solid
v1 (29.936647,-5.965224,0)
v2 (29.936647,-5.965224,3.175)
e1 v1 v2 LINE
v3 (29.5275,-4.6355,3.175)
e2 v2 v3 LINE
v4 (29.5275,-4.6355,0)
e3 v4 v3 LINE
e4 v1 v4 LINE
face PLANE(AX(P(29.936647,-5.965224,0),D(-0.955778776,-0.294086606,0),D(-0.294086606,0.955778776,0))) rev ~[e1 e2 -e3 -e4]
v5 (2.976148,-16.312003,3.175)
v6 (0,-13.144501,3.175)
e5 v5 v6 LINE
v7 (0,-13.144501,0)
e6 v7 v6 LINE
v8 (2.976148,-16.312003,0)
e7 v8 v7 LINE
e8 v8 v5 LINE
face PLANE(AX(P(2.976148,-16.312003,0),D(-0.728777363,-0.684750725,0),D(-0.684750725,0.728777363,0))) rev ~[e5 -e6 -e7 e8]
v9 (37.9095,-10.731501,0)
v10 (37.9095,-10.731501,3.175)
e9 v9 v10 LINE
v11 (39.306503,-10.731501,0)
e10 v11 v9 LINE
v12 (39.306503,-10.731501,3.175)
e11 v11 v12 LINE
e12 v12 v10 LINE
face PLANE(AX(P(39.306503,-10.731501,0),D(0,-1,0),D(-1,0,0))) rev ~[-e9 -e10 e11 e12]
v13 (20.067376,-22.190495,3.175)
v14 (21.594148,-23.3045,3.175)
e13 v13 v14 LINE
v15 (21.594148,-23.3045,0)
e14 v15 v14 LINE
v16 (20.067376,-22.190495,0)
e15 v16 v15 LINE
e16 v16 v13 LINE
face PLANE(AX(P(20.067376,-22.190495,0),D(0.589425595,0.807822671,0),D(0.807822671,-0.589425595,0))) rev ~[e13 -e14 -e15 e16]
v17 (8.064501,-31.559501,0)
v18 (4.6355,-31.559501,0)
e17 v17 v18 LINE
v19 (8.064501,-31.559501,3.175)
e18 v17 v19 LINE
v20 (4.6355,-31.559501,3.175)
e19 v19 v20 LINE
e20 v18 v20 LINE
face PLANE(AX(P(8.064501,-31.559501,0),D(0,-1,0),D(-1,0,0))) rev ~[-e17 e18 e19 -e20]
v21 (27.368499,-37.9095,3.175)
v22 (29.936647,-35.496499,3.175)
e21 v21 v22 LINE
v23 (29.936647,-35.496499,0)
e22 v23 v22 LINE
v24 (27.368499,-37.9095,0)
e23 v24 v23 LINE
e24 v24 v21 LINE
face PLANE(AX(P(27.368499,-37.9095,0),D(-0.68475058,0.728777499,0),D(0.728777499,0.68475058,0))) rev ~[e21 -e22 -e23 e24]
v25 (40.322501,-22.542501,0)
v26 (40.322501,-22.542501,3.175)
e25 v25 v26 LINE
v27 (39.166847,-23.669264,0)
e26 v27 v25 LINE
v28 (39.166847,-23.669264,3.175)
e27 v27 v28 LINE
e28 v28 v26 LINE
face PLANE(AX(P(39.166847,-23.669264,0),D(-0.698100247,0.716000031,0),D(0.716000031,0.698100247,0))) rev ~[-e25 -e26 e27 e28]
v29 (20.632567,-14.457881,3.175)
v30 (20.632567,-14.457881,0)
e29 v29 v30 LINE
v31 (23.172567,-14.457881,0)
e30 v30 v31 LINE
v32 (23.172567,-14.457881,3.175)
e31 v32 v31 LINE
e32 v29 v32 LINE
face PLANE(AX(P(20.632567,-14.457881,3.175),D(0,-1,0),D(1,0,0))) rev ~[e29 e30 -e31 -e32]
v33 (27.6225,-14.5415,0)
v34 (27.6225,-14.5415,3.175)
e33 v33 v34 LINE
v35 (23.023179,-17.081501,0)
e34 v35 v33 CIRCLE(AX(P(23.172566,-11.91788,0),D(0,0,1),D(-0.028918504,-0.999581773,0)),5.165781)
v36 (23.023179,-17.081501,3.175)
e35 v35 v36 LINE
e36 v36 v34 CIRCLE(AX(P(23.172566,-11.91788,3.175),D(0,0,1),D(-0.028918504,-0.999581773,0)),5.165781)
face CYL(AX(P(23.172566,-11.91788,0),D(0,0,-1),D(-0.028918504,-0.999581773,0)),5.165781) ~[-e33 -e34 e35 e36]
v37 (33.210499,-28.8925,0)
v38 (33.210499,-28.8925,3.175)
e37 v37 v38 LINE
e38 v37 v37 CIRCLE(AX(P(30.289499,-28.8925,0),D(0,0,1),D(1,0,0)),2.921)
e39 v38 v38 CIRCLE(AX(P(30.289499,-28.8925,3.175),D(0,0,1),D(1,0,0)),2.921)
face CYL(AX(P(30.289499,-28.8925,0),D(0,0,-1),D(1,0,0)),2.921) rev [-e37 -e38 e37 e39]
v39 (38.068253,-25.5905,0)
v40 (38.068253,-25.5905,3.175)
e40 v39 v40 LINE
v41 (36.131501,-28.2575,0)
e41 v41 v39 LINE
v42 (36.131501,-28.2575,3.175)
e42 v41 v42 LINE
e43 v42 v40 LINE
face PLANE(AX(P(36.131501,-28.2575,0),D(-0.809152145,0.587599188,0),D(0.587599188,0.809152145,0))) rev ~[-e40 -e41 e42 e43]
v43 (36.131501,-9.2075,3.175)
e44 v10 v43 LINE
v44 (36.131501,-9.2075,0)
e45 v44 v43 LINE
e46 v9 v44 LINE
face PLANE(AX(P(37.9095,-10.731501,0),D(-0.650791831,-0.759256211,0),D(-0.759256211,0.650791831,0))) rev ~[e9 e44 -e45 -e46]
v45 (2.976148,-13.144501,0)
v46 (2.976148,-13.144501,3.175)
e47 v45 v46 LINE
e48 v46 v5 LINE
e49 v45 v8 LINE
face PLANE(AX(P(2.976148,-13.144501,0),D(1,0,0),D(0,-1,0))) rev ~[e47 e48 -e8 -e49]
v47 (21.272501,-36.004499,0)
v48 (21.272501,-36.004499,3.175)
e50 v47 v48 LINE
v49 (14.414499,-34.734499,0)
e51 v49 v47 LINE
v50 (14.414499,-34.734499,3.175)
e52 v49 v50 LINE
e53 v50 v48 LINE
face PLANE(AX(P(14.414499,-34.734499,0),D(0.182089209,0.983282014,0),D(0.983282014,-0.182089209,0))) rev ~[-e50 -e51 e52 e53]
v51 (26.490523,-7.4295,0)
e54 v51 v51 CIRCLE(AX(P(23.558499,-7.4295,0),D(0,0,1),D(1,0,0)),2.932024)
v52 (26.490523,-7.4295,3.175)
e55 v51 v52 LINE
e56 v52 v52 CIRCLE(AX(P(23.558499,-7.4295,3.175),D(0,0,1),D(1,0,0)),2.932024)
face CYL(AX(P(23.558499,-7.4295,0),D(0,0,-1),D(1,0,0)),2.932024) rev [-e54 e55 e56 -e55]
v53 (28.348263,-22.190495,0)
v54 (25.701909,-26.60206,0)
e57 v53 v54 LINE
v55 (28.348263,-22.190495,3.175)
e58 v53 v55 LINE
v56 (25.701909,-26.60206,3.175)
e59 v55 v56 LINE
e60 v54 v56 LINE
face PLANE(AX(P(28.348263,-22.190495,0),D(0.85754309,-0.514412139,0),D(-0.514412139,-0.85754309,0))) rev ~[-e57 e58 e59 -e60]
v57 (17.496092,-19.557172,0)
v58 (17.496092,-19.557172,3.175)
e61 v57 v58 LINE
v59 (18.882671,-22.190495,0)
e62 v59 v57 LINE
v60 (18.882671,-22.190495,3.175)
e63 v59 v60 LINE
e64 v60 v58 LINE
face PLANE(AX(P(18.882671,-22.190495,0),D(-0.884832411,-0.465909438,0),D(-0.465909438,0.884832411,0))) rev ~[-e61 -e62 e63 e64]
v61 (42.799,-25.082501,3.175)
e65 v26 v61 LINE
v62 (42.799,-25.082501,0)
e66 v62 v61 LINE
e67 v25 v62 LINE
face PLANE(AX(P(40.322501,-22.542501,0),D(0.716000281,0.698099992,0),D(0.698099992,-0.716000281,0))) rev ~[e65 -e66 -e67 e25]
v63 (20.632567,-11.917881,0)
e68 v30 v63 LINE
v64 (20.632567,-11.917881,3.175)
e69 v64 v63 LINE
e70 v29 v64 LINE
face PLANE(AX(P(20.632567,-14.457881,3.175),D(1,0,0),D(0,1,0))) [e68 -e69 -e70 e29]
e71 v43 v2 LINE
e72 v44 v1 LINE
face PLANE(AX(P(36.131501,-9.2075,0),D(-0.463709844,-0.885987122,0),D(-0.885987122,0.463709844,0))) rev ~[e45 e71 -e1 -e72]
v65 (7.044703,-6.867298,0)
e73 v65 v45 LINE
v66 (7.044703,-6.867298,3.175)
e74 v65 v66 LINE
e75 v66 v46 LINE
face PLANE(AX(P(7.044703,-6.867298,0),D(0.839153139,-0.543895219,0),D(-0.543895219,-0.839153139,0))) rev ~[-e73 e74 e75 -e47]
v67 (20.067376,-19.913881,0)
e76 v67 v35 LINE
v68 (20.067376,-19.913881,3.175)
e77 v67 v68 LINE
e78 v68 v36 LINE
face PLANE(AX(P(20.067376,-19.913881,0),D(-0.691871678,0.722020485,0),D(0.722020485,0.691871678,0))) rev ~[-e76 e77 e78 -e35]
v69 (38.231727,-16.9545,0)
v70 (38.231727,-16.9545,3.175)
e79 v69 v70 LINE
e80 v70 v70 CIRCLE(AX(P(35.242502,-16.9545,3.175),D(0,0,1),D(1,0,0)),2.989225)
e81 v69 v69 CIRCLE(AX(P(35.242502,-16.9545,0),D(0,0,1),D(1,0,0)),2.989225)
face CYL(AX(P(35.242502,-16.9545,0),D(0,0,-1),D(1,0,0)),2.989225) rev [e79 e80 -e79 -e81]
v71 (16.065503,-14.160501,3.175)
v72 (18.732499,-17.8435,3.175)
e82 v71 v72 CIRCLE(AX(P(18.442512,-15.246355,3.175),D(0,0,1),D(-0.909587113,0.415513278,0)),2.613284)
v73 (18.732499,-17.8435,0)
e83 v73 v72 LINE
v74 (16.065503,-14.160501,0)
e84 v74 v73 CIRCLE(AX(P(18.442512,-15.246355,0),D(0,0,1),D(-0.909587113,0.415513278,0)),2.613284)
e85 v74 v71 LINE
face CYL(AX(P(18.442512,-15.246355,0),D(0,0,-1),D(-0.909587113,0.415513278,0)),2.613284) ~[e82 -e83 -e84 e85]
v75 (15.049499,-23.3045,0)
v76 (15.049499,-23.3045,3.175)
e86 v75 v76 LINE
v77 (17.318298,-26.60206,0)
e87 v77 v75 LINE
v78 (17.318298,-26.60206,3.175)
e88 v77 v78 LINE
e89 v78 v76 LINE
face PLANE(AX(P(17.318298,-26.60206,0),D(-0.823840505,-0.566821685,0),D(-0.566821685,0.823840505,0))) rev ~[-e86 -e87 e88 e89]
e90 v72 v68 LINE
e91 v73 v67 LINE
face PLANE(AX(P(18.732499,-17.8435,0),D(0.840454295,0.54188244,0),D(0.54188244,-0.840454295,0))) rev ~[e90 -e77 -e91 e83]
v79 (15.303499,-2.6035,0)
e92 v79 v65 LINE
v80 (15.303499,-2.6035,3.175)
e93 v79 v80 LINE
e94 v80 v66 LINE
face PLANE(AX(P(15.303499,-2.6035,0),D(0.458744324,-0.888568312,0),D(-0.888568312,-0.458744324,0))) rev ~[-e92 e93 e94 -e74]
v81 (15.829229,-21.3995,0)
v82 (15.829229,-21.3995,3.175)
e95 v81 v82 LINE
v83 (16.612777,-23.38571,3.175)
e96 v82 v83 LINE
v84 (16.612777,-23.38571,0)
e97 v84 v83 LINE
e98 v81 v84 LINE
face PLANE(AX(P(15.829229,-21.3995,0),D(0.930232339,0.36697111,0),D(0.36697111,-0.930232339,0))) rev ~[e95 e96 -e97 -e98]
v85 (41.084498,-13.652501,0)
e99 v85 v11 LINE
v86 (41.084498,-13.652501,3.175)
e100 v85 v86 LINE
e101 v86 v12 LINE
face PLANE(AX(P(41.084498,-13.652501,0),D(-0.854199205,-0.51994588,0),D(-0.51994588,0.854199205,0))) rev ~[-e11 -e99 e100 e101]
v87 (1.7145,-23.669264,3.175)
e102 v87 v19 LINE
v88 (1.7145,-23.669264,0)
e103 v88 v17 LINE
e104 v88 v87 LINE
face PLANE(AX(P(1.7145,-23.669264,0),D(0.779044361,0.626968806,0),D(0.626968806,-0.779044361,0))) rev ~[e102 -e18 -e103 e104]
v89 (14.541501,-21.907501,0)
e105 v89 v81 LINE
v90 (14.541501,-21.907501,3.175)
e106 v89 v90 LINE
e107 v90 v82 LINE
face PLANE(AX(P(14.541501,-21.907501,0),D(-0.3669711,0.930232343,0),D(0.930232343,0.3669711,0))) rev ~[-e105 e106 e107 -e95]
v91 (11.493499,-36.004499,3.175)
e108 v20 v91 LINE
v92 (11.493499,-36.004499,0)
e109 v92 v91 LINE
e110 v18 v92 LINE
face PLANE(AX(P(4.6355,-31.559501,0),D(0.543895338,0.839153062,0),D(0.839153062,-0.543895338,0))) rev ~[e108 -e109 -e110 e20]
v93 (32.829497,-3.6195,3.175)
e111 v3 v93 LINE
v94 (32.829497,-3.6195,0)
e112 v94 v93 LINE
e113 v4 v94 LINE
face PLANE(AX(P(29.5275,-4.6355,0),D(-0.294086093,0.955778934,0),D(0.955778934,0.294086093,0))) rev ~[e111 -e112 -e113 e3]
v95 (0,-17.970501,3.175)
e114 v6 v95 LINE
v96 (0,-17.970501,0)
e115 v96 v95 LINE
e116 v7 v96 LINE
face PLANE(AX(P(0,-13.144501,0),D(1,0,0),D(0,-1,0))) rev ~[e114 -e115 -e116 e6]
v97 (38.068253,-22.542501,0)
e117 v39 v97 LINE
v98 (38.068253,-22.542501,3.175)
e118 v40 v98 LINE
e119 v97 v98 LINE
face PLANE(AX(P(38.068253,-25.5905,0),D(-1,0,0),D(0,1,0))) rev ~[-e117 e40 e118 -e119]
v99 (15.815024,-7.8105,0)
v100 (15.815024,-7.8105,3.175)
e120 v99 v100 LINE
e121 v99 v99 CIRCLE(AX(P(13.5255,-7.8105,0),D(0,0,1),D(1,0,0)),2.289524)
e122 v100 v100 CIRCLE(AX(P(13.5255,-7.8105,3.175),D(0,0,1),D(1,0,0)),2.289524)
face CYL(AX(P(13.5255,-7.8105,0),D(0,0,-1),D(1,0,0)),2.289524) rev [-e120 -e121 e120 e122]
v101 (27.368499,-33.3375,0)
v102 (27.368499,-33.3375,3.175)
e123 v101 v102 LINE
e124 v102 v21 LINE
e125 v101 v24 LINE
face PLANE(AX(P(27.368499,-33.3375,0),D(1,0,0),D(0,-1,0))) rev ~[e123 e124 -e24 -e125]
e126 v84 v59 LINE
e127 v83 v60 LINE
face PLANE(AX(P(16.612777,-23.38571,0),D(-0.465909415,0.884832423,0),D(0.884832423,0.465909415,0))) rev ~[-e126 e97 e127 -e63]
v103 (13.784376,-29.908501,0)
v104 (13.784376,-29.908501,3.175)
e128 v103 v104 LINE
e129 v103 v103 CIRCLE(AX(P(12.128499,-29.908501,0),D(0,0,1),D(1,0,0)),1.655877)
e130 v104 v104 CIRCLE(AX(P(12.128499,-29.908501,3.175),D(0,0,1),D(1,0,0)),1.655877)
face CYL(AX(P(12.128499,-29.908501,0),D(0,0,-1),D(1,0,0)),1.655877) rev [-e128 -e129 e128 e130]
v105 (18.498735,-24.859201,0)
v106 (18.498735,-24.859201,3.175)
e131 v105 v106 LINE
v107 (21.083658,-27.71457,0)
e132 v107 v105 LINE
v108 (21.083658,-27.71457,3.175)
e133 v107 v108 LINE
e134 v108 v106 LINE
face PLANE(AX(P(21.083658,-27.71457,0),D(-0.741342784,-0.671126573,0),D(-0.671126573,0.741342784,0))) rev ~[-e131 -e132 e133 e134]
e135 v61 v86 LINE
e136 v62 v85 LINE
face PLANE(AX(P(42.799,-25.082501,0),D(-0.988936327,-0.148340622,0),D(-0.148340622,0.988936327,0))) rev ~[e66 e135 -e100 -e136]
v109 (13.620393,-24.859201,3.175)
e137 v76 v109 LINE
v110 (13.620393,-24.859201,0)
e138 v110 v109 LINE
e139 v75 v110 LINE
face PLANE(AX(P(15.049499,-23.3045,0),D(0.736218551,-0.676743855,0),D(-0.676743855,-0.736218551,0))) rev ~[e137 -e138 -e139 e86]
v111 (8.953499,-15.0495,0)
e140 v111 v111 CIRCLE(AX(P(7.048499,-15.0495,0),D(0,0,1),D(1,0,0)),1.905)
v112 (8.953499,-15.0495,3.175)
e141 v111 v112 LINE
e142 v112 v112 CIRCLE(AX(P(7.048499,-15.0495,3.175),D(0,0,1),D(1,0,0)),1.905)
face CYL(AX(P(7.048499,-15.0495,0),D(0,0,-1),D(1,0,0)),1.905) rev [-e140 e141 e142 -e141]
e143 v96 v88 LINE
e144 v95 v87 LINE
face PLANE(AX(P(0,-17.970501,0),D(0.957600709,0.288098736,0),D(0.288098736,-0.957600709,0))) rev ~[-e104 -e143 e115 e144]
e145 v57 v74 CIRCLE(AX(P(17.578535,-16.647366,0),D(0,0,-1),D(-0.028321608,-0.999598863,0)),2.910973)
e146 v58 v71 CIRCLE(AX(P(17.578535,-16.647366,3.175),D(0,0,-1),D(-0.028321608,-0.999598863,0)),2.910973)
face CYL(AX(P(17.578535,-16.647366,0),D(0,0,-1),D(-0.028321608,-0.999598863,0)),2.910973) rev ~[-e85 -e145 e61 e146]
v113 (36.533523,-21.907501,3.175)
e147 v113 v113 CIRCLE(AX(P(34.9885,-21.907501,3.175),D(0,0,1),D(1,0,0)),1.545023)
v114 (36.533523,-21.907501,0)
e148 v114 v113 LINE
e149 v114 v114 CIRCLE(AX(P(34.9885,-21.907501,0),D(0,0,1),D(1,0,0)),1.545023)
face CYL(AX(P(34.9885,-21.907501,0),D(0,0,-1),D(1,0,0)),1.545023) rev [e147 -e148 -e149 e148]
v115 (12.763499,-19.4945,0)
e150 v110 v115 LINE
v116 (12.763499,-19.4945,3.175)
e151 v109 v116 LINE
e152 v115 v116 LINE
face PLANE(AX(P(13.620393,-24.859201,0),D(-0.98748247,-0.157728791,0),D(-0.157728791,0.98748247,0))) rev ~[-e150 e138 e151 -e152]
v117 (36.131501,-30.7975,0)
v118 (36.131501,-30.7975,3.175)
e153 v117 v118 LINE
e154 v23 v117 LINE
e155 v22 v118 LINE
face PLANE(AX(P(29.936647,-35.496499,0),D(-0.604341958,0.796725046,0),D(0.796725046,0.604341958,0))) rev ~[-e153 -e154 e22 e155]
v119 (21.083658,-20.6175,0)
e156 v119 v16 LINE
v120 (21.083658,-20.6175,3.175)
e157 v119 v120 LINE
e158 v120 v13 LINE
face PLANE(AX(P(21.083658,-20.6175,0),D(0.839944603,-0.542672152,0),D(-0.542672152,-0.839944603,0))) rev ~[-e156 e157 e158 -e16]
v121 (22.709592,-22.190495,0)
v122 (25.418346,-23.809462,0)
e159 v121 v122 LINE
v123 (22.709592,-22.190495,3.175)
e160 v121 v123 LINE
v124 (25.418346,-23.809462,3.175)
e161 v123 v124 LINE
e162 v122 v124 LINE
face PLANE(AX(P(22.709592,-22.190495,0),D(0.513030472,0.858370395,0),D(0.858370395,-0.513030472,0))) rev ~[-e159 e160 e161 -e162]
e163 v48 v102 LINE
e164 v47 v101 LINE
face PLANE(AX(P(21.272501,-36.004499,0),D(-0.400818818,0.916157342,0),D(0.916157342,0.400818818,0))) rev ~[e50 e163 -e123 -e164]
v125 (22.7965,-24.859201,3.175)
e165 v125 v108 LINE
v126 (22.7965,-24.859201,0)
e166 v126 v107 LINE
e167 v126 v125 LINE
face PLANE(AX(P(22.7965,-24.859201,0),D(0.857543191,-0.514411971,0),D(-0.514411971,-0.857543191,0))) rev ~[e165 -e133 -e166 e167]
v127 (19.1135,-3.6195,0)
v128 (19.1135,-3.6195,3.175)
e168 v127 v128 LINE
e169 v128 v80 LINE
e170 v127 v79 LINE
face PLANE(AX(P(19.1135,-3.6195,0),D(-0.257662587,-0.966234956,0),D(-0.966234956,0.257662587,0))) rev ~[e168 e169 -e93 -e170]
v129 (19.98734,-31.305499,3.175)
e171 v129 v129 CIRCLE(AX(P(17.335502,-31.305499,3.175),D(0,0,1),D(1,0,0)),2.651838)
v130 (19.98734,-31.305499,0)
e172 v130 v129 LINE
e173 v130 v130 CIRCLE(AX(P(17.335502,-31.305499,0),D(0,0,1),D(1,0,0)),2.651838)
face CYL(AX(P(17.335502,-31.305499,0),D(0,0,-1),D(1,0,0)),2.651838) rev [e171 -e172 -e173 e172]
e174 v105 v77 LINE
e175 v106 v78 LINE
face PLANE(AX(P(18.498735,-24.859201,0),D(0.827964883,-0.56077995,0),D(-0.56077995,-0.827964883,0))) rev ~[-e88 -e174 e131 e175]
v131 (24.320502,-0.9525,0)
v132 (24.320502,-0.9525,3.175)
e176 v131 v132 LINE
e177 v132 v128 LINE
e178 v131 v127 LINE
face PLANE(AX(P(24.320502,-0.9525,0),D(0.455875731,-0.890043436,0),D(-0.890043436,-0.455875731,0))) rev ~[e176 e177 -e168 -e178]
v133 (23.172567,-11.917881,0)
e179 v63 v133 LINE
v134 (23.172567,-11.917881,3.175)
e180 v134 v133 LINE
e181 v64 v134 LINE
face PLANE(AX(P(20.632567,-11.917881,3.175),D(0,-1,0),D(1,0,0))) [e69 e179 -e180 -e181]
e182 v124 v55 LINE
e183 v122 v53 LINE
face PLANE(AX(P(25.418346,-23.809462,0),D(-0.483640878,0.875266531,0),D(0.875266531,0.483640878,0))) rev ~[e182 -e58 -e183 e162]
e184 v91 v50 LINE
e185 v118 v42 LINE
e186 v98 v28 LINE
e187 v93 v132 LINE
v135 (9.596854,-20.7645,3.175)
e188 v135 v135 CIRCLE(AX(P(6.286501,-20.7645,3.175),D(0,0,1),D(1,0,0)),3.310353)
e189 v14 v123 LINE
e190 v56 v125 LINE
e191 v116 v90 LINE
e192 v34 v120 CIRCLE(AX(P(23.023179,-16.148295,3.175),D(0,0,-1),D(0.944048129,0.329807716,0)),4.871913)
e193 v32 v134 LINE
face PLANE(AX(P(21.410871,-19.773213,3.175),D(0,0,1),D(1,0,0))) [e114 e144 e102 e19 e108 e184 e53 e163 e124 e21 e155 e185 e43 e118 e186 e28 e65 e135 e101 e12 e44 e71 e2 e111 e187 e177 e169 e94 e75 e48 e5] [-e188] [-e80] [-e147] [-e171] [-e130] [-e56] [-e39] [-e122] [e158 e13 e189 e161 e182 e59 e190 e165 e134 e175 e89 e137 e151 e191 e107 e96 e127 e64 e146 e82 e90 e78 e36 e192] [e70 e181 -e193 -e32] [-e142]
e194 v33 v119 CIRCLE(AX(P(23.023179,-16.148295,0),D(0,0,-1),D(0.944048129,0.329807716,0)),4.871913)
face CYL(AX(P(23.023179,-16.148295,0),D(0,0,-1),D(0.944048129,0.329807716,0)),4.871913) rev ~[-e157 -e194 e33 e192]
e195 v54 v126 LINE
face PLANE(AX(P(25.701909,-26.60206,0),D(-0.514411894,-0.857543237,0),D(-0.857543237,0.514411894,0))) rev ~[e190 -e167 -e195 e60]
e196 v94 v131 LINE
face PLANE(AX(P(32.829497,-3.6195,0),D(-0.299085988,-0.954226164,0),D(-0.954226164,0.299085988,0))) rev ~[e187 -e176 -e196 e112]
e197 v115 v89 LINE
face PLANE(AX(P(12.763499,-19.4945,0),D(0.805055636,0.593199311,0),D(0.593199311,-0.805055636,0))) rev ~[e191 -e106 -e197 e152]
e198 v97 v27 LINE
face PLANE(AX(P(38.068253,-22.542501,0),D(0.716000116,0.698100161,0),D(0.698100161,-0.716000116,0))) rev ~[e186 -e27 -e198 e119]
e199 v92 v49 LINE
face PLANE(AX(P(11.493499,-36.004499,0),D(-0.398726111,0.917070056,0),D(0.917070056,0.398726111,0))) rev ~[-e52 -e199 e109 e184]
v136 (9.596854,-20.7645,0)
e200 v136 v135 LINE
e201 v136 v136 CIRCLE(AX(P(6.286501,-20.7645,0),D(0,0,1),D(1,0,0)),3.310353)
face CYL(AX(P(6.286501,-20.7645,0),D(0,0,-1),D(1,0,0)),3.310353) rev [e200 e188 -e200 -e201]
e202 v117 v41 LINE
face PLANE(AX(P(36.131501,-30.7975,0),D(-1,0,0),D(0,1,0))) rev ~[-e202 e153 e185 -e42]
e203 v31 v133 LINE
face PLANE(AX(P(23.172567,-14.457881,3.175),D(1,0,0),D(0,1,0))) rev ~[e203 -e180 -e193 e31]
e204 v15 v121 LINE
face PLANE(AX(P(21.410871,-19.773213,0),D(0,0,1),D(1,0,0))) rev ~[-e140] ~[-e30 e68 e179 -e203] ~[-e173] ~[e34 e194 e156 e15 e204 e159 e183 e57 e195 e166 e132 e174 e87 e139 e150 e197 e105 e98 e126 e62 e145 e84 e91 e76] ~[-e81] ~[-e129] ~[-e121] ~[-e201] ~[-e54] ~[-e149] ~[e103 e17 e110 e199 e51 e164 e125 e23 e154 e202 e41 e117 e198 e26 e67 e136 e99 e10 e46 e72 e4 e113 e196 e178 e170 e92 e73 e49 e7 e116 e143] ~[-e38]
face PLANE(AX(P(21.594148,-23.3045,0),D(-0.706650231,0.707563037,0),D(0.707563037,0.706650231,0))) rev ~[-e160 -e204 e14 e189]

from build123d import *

# Parameters (mm, degrees)
F0_R     = 1.655877
F0_R_2   = 2.651838
F0_R_3   = 3.310353
F0_R_4   = 2.921
F0_R_5   = 1.545023
F0_R_6   = 1.905
F0_R_7   = 2.289524
F0_R_8   = 2.989225
F0_R_9   = 2.932024
F1_DEPTH = 3.175
F2_W     = 2.54
F2_H     = 2.54
F3_DEPTH = 3.175


with BuildPart() as f1:
    # F0 (on Top) → F1 (new body)
    with BuildSketch(Plane.XY):
        Polygon((32.829497, -3.6195), (24.320502, -0.9525), (19.1135, -3.6195), (15.303499, -2.6035), (7.044703, -6.867298), (2.976148, -13.144501), (2.976148, -16.312003), (0, -13.144501), (0, -17.970501), (1.7145, -23.669264), (8.064501, -31.559501), (4.6355, -31.559501), (11.493499, -36.004499), (14.414499, -34.734499), (21.272501, -36.004499), (27.368499, -33.3375), (27.368499, -37.9095), (29.936647, -35.496499), (36.131501, -30.7975), (36.131501, -28.2575), (38.068253, -25.5905), (38.068253, -22.542501), (39.166847, -23.669264), (40.322501, -22.542501), (42.799, -25.082501), (41.084498, -13.652501), (39.306503, -10.731501), (37.9095, -10.731501), (36.131501, -9.2075), (29.936647, -5.965224), (29.5275, -4.6355), align=None)
        with Locations((12.128499, -29.908501)):
            Circle(F0_R, mode=Mode.SUBTRACT)
        with Locations((17.335502, -31.305499)):
            Circle(F0_R_2, mode=Mode.SUBTRACT)
        with Locations((6.286501, -20.7645)):
            Circle(F0_R_3, mode=Mode.SUBTRACT)
        with BuildLine():
            Line((13.620393, -24.859201), (12.763499, -19.4945))
            Line((12.763499, -19.4945), (14.541501, -21.907501))
            Line((14.541501, -21.907501), (15.829229, -21.3995))
            Line((15.829229, -21.3995), (16.612777, -23.38571))
            Line((16.612777, -23.38571), (18.882671, -22.190495))
            Line((18.882671, -22.190495), (17.496092, -19.557172))
            ThreePointArc((17.496092, -19.557172), (14.764748, -17.393266), (16.065503, -14.160501))
            ThreePointArc((16.065503, -14.160501), (16.325903, -16.779071), (18.732499, -17.8435))
            Line((18.732499, -17.8435), (20.067376, -19.913881))
            Line((20.067376, -19.913881), (23.023179, -17.081501))
            ThreePointArc((23.023179, -17.081501), (25.66988, -16.439906), (27.6225, -14.5415))
            ThreePointArc((27.6225, -14.5415), (26.339514, -19.717253), (21.083658, -20.6175))
            Line((21.083658, -20.6175), (20.067376, -22.190495))
            Line((20.067376, -22.190495), (21.594148, -23.3045))
            Line((21.594148, -23.3045), (22.709592, -22.190495))
            Line((22.709592, -22.190495), (25.418346, -23.809462))
            Line((25.418346, -23.809462), (28.348263, -22.190495))
            Line((28.348263, -22.190495), (25.701909, -26.60206))
            Line((25.701909, -26.60206), (22.7965, -24.859201))
            Line((22.7965, -24.859201), (21.083658, -27.71457))
            Line((21.083658, -27.71457), (18.498735, -24.859201))
            Line((18.498735, -24.859201), (17.318298, -26.60206))
            Line((17.318298, -26.60206), (15.049499, -23.3045))
            Line((15.049499, -23.3045), (13.620393, -24.859201))
        make_face(mode=Mode.SUBTRACT)
        with Locations((30.289499, -28.8925)):
            Circle(F0_R_4, mode=Mode.SUBTRACT)
        with Locations((34.9885, -21.907501)):
            Circle(F0_R_5, mode=Mode.SUBTRACT)
        with Locations((7.048499, -15.0495)):
            Circle(F0_R_6, mode=Mode.SUBTRACT)
        with Locations((13.5255, -7.8105)):
            Circle(F0_R_7, mode=Mode.SUBTRACT)
        with Locations((35.242502, -16.9545)):
            Circle(F0_R_8, mode=Mode.SUBTRACT)
        with Locations((23.558499, -7.4295)):
            Circle(F0_R_9, mode=Mode.SUBTRACT)
    extrude(amount=F1_DEPTH)

    # F2 (on face) → F3 (cut)
    with BuildSketch(Plane.XY.offset(3.175)):
        with Locations((21.902567, -13.187881)):
            Rectangle(F2_W, F2_H)
    extrude(amount=-F3_DEPTH, mode=Mode.SUBTRACT)


solid = f1.part
